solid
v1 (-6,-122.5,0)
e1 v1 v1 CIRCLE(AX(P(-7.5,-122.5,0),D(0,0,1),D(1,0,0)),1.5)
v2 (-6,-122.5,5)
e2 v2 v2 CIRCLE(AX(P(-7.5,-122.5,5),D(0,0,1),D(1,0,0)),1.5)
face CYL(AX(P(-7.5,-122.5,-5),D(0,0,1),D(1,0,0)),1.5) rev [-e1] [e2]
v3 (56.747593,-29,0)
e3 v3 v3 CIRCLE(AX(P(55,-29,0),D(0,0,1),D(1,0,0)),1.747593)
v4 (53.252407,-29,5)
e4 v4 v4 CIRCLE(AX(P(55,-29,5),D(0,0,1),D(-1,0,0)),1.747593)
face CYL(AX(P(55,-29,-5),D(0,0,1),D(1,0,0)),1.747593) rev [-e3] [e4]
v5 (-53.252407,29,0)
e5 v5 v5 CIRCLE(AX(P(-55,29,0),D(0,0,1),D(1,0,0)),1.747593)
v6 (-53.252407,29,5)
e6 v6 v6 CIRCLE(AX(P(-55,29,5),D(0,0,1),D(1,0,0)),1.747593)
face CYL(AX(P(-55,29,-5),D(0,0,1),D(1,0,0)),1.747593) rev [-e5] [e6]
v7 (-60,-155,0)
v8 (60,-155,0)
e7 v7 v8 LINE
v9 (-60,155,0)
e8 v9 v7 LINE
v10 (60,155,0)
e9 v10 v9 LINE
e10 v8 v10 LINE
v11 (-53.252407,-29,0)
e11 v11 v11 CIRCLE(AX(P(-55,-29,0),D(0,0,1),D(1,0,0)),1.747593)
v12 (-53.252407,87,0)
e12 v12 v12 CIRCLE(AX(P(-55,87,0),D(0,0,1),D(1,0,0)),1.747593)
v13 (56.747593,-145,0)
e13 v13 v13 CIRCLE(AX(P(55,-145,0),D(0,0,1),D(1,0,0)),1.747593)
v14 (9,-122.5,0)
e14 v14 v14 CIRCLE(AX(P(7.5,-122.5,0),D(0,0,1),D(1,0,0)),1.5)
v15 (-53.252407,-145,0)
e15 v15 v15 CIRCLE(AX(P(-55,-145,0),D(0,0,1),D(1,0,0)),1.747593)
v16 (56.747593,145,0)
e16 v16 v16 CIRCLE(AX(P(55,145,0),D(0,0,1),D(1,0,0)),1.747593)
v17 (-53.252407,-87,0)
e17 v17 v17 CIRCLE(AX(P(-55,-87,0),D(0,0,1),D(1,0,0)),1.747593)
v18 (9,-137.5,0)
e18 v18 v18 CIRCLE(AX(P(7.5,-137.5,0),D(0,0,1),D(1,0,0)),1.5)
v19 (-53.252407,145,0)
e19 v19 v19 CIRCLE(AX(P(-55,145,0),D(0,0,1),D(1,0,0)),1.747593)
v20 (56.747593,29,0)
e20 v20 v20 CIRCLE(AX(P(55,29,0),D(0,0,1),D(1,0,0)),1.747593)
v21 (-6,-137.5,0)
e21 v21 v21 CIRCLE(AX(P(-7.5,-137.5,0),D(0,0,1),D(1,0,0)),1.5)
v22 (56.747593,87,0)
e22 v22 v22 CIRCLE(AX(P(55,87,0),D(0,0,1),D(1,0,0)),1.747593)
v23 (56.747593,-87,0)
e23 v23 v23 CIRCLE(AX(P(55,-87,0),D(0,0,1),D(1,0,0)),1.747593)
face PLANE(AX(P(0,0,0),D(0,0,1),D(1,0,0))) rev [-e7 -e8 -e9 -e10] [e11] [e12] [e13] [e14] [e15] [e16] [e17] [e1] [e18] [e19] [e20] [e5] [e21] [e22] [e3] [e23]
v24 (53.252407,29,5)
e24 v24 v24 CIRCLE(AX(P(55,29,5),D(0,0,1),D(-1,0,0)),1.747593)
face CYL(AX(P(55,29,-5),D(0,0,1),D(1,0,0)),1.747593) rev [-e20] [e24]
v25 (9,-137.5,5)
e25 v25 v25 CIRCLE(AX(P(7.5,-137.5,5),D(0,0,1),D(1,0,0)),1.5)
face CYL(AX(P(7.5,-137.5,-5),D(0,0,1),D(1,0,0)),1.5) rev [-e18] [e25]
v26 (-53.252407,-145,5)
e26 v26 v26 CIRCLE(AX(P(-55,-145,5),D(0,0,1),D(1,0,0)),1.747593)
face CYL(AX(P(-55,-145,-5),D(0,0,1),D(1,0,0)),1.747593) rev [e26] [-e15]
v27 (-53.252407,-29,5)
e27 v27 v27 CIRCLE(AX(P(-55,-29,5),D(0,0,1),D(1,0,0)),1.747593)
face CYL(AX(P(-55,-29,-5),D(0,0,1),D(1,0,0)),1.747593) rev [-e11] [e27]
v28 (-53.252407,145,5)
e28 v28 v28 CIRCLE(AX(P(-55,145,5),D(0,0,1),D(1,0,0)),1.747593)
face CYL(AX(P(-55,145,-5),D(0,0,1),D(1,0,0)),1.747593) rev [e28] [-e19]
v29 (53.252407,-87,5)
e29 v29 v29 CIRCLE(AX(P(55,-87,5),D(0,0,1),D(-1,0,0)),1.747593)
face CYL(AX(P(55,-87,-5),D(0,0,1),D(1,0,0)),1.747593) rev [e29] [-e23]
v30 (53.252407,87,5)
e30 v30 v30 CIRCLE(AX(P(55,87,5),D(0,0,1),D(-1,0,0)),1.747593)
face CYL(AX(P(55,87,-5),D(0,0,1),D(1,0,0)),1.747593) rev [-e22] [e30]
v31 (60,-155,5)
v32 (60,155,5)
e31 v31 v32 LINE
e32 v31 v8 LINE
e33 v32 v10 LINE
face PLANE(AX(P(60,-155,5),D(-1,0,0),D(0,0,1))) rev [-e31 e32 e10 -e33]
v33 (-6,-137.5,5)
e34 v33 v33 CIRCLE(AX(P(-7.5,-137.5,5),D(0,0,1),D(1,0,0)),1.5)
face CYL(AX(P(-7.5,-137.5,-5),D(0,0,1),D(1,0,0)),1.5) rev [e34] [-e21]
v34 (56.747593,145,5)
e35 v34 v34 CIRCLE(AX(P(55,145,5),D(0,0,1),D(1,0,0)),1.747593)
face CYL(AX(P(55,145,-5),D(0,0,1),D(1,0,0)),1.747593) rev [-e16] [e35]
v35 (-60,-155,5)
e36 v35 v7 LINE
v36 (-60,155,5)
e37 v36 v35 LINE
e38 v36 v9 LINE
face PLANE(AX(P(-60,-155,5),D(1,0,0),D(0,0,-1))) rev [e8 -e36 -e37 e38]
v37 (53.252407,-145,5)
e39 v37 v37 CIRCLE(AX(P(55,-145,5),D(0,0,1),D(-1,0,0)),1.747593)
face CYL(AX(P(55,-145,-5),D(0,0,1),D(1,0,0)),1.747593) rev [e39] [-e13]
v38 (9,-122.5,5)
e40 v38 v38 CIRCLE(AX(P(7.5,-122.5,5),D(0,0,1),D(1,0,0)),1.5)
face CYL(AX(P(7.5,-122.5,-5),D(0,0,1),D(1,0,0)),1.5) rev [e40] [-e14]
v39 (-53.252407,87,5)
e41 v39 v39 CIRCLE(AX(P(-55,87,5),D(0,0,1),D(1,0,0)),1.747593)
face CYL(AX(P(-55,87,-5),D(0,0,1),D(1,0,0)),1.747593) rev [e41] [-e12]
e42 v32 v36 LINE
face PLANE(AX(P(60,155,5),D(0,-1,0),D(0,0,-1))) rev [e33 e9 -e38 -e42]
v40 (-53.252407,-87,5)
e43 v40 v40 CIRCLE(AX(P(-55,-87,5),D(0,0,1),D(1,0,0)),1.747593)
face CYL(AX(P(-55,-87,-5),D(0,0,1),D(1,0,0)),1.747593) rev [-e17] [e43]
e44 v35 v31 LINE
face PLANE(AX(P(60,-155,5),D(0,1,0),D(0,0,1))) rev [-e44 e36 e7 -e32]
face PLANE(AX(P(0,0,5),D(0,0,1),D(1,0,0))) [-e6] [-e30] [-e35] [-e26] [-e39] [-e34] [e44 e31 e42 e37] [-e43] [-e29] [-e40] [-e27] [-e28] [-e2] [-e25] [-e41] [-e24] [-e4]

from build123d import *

# Parameters (mm, degrees)
ESQUISSE1_W             = 120
ESQUISSE1_H             = 310
BOSS_EXTRU_1_DEPTH      = 5
ESQUISSE2_R             = 1.747592995
ESQUISSE2_R_2           = 1.5
ENL_V_MAT_EXTRU_1_DEPTH = 10


with BuildPart() as part:
    # Esquisse1 → Boss.-Extru.1 (new body)
    with BuildSketch(Plane.XY):
        Rectangle(ESQUISSE1_W, ESQUISSE1_H)
    extrude(amount=BOSS_EXTRU_1_DEPTH)

    # Esquisse2 → Enlèv. mat.-Extru.1 (cut)
    with BuildSketch(Plane.XY.offset(5)):
        with Locations((-55, 145)):
            Circle(ESQUISSE2_R)
        with Locations((55, 145)):
            Circle(ESQUISSE2_R)
        with Locations((-55, 87)):
            Circle(ESQUISSE2_R)
        with Locations((-55, 29)):
            Circle(ESQUISSE2_R)
        with Locations((-55, -29)):
            Circle(ESQUISSE2_R)
        with Locations((-55, -87)):
            Circle(ESQUISSE2_R)
        with Locations((55, 87)):
            Circle(ESQUISSE2_R)
        with Locations((55, 29)):
            Circle(ESQUISSE2_R)
        with Locations((55, -29)):
            Circle(ESQUISSE2_R)
        with Locations((55, -87)):
            Circle(ESQUISSE2_R)
        with Locations((-7.5, -122.5)):
            Circle(ESQUISSE2_R_2)
        with Locations((7.5, -122.5)):
            Circle(ESQUISSE2_R_2)
        with Locations((7.5, -137.5)):
            Circle(ESQUISSE2_R_2)
        with Locations((-7.5, -137.5)):
            Circle(ESQUISSE2_R_2)
        with Locations((55, -145)):
            Circle(ESQUISSE2_R)
        with Locations((-55, -145)):
            Circle(ESQUISSE2_R)
    extrude(amount=-ENL_V_MAT_EXTRU_1_DEPTH, mode=Mode.SUBTRACT)


solid = part.part
